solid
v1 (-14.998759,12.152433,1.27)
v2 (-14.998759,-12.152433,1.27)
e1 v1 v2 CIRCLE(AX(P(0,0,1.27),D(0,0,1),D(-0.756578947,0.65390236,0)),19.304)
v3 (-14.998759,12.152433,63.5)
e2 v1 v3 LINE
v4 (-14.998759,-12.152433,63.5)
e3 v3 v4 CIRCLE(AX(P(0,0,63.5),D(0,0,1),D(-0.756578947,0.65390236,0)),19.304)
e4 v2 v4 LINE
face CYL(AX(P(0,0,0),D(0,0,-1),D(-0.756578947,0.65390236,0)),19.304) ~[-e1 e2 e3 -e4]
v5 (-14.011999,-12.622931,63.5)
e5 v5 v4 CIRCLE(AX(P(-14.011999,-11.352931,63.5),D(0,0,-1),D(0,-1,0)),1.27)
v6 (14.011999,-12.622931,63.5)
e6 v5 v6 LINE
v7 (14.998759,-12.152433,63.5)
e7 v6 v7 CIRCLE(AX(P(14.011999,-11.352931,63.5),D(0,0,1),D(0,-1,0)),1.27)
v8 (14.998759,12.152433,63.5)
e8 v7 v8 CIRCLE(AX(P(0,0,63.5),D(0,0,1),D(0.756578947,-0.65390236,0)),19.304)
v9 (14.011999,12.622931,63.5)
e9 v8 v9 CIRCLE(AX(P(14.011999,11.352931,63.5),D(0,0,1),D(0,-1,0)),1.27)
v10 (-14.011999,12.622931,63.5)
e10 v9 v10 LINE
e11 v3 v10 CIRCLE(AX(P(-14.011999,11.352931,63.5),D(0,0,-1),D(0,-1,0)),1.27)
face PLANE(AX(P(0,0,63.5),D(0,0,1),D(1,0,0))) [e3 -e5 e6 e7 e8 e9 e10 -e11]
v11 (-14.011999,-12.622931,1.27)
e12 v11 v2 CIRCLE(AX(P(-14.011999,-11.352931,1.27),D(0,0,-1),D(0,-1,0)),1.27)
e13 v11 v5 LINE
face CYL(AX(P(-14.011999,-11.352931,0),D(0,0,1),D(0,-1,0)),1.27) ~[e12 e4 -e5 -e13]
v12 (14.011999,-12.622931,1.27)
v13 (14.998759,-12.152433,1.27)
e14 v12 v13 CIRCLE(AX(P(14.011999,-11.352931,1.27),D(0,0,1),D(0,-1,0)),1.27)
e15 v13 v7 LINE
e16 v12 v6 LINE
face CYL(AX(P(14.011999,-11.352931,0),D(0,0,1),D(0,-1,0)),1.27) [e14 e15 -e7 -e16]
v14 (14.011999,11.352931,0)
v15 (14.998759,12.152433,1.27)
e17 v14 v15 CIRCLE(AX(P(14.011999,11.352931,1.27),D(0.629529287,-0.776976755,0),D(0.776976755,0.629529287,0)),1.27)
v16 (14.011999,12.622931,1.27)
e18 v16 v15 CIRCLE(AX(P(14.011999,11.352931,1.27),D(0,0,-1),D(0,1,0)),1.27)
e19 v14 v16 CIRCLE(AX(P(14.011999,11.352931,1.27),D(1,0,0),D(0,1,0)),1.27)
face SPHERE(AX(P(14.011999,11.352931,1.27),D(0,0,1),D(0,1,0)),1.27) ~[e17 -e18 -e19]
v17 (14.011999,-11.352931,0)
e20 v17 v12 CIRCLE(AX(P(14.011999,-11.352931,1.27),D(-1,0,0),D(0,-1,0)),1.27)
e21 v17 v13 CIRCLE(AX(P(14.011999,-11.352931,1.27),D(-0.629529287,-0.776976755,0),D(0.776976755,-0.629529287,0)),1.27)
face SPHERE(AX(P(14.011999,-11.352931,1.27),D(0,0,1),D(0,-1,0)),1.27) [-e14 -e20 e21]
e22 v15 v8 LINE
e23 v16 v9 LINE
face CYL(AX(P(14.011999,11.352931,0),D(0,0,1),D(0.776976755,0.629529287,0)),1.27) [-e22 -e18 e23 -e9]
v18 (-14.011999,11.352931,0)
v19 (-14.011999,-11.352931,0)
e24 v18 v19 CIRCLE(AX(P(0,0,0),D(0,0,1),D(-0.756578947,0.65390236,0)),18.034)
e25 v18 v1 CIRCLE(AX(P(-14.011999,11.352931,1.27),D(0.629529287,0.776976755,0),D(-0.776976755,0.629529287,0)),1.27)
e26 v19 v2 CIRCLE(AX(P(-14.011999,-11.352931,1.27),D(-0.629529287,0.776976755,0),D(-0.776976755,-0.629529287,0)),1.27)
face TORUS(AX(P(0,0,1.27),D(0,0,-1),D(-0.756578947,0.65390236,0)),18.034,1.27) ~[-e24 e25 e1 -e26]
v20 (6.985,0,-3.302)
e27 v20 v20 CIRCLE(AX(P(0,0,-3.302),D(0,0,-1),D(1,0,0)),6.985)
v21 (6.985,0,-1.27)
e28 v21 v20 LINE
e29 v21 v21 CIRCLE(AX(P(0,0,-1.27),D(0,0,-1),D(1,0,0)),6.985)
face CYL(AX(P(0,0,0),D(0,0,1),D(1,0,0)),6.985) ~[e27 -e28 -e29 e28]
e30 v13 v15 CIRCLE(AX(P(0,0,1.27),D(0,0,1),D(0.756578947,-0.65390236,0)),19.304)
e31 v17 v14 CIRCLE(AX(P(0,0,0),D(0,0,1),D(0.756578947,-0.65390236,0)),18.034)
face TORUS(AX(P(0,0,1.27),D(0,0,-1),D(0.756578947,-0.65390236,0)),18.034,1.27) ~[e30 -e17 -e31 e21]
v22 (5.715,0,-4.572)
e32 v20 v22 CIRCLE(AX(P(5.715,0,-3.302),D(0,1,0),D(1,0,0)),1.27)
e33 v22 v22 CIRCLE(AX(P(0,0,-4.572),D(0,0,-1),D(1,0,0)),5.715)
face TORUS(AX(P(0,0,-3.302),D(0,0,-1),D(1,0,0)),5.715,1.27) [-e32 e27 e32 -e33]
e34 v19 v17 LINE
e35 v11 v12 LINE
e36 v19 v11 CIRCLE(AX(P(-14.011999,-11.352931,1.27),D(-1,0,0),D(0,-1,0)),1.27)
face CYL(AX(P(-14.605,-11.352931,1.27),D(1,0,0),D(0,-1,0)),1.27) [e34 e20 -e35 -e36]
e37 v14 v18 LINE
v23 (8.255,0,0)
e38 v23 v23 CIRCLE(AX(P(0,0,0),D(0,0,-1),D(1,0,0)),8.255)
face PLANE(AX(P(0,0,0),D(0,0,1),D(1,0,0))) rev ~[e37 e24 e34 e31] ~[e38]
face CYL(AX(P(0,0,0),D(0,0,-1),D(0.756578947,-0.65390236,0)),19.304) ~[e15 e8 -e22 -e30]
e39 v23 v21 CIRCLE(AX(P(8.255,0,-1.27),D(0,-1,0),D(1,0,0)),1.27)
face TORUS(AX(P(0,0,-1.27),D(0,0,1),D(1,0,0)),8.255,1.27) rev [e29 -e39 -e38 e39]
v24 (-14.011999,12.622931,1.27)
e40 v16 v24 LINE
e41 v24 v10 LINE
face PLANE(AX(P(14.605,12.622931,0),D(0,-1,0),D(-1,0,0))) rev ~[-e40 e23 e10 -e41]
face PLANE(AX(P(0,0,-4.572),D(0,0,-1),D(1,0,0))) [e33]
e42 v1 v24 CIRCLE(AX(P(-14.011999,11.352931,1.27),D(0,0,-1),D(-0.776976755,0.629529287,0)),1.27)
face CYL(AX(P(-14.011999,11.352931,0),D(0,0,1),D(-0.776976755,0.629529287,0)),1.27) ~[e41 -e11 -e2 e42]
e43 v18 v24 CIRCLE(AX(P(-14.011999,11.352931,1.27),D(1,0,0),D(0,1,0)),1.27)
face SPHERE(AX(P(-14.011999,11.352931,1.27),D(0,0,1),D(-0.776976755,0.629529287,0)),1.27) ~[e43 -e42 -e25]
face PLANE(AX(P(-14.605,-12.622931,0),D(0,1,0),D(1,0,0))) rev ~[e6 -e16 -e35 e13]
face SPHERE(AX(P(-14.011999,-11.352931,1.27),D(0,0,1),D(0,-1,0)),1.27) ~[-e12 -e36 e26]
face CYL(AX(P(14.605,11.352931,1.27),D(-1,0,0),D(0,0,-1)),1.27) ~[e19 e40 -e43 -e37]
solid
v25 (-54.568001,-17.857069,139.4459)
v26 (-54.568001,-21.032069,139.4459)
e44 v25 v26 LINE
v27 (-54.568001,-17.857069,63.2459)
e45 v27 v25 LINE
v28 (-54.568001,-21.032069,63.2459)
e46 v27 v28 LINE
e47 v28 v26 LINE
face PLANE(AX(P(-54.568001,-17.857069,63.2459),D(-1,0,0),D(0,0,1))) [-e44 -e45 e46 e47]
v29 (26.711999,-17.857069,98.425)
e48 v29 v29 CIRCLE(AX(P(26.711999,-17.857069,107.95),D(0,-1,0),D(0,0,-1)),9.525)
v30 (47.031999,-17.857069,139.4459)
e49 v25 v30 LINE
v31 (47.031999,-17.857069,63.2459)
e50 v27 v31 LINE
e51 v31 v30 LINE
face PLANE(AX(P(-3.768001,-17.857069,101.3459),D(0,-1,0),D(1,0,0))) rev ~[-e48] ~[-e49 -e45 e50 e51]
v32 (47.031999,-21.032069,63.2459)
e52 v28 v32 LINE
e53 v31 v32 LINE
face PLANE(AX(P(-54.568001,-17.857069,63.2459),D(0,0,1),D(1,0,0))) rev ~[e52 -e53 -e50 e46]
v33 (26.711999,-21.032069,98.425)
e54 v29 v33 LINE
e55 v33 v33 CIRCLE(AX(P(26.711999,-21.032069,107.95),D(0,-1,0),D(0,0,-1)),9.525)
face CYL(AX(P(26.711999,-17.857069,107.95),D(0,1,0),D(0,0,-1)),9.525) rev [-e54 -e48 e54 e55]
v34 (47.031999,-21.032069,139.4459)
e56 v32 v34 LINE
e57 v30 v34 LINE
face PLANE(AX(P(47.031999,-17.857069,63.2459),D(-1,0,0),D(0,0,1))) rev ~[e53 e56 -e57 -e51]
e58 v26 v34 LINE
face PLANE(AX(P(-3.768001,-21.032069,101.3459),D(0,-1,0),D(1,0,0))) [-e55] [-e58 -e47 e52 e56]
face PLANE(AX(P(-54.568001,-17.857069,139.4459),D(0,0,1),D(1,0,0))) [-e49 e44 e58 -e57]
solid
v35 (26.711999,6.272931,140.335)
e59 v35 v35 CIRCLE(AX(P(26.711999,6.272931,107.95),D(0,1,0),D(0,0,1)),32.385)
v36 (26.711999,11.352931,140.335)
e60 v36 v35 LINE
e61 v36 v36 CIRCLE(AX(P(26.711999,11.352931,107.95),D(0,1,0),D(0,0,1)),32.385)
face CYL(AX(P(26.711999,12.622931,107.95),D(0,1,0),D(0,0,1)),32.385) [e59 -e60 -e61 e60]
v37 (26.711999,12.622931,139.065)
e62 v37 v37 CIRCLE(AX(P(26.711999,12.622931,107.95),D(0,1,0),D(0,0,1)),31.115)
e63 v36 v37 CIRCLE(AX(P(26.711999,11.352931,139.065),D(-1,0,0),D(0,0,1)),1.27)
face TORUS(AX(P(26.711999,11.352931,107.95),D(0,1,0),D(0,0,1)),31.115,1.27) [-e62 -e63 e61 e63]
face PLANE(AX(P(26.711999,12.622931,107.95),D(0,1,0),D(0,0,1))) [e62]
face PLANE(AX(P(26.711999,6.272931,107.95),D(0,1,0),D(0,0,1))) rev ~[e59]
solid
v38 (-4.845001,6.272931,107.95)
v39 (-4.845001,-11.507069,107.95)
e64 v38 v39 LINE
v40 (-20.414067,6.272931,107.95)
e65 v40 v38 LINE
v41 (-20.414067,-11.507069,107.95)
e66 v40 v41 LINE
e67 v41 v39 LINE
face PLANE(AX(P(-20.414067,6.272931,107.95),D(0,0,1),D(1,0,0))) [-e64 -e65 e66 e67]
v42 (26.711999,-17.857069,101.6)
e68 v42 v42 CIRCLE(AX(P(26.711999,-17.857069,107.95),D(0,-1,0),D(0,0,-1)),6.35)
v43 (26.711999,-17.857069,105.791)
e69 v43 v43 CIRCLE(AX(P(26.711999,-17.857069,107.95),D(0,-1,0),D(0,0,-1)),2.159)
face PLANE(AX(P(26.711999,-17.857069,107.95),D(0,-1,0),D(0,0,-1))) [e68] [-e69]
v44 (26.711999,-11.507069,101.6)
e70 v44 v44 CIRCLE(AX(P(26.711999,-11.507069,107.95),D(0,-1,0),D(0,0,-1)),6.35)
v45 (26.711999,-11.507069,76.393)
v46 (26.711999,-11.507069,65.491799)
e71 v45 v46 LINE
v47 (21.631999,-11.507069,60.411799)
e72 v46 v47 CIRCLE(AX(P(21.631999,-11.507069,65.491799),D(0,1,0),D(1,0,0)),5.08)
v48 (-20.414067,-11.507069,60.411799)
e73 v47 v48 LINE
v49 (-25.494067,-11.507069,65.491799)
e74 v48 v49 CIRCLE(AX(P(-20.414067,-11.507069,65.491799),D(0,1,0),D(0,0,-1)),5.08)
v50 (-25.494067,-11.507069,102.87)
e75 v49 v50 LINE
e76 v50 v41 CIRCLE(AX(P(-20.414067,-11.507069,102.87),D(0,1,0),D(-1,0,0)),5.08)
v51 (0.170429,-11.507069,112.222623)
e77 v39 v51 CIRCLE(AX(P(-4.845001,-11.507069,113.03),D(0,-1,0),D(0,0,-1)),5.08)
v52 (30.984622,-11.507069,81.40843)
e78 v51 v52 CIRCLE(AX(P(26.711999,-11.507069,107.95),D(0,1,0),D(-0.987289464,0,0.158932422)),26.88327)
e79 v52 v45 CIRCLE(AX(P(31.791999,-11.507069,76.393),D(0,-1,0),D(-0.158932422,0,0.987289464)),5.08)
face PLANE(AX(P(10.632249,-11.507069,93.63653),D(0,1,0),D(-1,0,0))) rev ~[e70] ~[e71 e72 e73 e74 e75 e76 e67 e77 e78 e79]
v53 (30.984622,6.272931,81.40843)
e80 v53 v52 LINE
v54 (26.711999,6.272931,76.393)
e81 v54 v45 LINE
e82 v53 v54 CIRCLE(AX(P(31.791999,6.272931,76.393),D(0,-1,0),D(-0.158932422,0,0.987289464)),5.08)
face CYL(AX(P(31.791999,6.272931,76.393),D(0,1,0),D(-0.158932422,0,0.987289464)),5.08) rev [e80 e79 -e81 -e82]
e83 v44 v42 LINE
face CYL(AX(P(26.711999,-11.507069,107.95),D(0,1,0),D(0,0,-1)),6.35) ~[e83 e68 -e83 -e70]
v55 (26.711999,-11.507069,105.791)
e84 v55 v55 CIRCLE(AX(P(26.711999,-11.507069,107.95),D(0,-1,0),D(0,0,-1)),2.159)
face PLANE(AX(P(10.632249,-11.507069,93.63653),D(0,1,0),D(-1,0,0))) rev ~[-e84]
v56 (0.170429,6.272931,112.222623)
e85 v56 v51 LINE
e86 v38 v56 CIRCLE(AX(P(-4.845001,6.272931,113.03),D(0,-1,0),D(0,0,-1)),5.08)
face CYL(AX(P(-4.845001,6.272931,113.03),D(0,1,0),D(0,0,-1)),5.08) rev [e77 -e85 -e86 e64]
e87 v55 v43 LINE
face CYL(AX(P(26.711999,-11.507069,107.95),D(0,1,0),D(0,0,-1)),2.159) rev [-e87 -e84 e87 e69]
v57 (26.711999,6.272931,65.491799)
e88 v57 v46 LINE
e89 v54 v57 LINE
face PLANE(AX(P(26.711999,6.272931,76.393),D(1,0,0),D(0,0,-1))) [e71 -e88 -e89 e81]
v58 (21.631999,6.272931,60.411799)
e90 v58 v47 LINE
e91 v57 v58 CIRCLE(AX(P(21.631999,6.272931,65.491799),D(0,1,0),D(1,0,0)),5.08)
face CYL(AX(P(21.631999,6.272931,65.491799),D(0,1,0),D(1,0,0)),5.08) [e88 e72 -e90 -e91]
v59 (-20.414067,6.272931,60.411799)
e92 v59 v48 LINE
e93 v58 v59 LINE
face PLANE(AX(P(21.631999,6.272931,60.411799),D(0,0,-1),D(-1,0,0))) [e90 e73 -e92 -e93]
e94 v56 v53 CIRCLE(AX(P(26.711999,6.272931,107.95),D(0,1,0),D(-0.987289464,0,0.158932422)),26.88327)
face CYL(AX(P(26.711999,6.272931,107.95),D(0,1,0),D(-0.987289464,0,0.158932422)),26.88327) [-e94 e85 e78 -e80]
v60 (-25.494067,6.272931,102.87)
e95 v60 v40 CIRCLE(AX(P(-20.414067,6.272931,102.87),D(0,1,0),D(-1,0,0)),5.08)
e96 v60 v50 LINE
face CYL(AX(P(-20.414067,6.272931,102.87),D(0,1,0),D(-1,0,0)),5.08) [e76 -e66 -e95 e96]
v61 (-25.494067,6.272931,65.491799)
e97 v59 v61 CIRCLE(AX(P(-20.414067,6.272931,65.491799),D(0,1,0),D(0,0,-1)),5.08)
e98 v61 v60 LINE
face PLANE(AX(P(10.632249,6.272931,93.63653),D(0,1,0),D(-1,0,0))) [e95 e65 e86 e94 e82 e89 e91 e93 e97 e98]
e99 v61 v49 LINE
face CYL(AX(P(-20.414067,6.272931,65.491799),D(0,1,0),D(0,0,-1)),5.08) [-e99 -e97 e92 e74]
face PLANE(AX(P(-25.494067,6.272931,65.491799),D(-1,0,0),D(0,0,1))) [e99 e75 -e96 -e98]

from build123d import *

# Parameters (mm, degrees)
BOSS_EXTRUDE1_DEPTH = 63.5
SKETCH2_R           = 6.985
BOSS_EXTRUDE2_DEPTH = 4.572
FILLET1_R           = 1.27
SKETCH3_R           = 32.385
BOSS_EXTRUDE3_DEPTH = 6.35
BOSS_EXTRUDE4_DEPTH = 17.78
FILLET2_R           = 1.27
SKETCH5_R           = 6.35
SKETCH5_R_2         = 2.159
BOSS_EXTRUDE5_DEPTH = 6.35
SKETCH6_W           = 101.6
SKETCH6_H           = 76.2
SKETCH6_R           = 9.525
BOSS_EXTRUDE6_DEPTH = 3.175


with BuildPart() as part:
    # Sketch1 → Boss-Extrude1 (new body)
    with BuildSketch(Plane.XY):
        with BuildLine():
            Line((-14.605, -12.622931157), (14.605, -12.622931157))
            ThreePointArc((14.605, -12.622931157), (19.304, 0), (14.605, 12.622931157))
            Line((14.605, 12.622931157), (-14.605, 12.622931157))
            ThreePointArc((-14.605, 12.622931157), (-19.304, 0), (-14.605, -12.622931157))
        make_face()
    extrude(amount=BOSS_EXTRUDE1_DEPTH)

    # Sketch2 → Boss-Extrude2 (add)
    with BuildSketch(Plane(origin=(0, 0, 0), x_dir=(-1, 0, 0), z_dir=(0, 0, -1))):
        with Locations(Location((0, 0, 0), (0, 0, 180))):
            Circle(SKETCH2_R)
    extrude(amount=BOSS_EXTRUDE2_DEPTH)

    # Fillet1
    fillet1_edges = [part.edges().sort_by_distance(p)[0] for p in [
        (-6.985, 0, 0),
        (-6.985, 0, -4.572),
        (0, -12.622931157, 0),
        (-19.304, 0, 0),
        (0, 12.622931157, 0),
        (19.304, 0, 0),
        (14.605, -12.622931157, 31.75),
        (-14.605, -12.622931157, 31.75),
        (-14.605, 12.622931157, 31.75),
        (14.605, 12.622931157, 31.75),
    ]]
    fillet(fillet1_edges, radius=FILLET1_R)


with BuildPart() as body_2:
    # Sketch3 → Boss-Extrude3 (new body)
    with BuildSketch(Plane(origin=(0, 12.622931157, 0), x_dir=(1, 0, 0), z_dir=(0, 1, 0))):
        with Locations(Location((26.711998792, -107.95, 0), (0, 0, 270))):
            Circle(SKETCH3_R)
    extrude(amount=-BOSS_EXTRUDE3_DEPTH)

    # Fillet2
    fillet2_edges = [body_2.edges().sort_by_distance(p)[0] for p in [
        (26.711998792, 12.622931157, 75.565),
    ]]
    fillet(fillet2_edges, radius=FILLET2_R)


with BuildPart() as body_3:
    # Sketch4 → Boss-Extrude4 (new body)
    with BuildSketch(Plane.XZ.offset(-6.272931157)):
        with BuildLine():
            Line((26.711998792, 76.392999826), (26.711998792, 65.491798589))
            ThreePointArc((26.711998792, 65.491798589), (25.22410124, 61.89969614), (21.631998792, 60.411798589))
            Line((21.631998792, 60.411798589), (13.553296581, 60.411798589))
            Line((13.553296581, 60.411798589), (-20.414066966, 60.411798589))
            ThreePointArc((-20.414066966, 60.411798589), (-24.006169415, 61.89969614), (-25.494066966, 65.491798589))
            Line((-25.494066966, 65.491798589), (-25.494066966, 102.87))
            ThreePointArc((-25.494066966, 102.87), (-24.006169415, 106.462102448), (-20.414066966, 107.95))
            Line((-20.414066966, 107.95), (-4.845001382, 107.95))
            ThreePointArc((-4.845001382, 107.95), (-1.55069369, 109.162967956), (0.170429094, 112.222623295))
            ThreePointArc((0.170429094, 112.222623295), (45.721341651, 126.959342859), (30.984622087, 81.408430302))
            ThreePointArc((30.984622087, 81.408430302), (27.924966748, 79.687307518), (26.711998792, 76.392999826))
        make_face()
    extrude(amount=BOSS_EXTRUDE4_DEPTH)

    # Sketch5 → Boss-Extrude5 (add)
    with BuildSketch(Plane.XZ.offset(11.507068843)):
        with Locations(Location((26.711998792, 107.95, 0), (0, 0, 270))):
            Circle(SKETCH5_R)
        with Locations(Location((26.711998792, 107.95, 0), (0, 0, 270))):
            Circle(SKETCH5_R_2, mode=Mode.SUBTRACT)
    extrude(amount=BOSS_EXTRUDE5_DEPTH)


with BuildPart() as body_4:
    # Sketch6 → Boss-Extrude6 (new body)
    with BuildSketch(Plane.XZ.offset(17.857068843)):
        with Locations((-3.768001208, 101.345900449)):
            Rectangle(SKETCH6_W, SKETCH6_H)
        with Locations(Location((26.711998792, 107.95, 0), (0, 0, 270))):
            Circle(SKETCH6_R, mode=Mode.SUBTRACT)
    extrude(amount=BOSS_EXTRUDE6_DEPTH)


solid = Compound([part.part, body_2.part, body_3.part, body_4.part])
